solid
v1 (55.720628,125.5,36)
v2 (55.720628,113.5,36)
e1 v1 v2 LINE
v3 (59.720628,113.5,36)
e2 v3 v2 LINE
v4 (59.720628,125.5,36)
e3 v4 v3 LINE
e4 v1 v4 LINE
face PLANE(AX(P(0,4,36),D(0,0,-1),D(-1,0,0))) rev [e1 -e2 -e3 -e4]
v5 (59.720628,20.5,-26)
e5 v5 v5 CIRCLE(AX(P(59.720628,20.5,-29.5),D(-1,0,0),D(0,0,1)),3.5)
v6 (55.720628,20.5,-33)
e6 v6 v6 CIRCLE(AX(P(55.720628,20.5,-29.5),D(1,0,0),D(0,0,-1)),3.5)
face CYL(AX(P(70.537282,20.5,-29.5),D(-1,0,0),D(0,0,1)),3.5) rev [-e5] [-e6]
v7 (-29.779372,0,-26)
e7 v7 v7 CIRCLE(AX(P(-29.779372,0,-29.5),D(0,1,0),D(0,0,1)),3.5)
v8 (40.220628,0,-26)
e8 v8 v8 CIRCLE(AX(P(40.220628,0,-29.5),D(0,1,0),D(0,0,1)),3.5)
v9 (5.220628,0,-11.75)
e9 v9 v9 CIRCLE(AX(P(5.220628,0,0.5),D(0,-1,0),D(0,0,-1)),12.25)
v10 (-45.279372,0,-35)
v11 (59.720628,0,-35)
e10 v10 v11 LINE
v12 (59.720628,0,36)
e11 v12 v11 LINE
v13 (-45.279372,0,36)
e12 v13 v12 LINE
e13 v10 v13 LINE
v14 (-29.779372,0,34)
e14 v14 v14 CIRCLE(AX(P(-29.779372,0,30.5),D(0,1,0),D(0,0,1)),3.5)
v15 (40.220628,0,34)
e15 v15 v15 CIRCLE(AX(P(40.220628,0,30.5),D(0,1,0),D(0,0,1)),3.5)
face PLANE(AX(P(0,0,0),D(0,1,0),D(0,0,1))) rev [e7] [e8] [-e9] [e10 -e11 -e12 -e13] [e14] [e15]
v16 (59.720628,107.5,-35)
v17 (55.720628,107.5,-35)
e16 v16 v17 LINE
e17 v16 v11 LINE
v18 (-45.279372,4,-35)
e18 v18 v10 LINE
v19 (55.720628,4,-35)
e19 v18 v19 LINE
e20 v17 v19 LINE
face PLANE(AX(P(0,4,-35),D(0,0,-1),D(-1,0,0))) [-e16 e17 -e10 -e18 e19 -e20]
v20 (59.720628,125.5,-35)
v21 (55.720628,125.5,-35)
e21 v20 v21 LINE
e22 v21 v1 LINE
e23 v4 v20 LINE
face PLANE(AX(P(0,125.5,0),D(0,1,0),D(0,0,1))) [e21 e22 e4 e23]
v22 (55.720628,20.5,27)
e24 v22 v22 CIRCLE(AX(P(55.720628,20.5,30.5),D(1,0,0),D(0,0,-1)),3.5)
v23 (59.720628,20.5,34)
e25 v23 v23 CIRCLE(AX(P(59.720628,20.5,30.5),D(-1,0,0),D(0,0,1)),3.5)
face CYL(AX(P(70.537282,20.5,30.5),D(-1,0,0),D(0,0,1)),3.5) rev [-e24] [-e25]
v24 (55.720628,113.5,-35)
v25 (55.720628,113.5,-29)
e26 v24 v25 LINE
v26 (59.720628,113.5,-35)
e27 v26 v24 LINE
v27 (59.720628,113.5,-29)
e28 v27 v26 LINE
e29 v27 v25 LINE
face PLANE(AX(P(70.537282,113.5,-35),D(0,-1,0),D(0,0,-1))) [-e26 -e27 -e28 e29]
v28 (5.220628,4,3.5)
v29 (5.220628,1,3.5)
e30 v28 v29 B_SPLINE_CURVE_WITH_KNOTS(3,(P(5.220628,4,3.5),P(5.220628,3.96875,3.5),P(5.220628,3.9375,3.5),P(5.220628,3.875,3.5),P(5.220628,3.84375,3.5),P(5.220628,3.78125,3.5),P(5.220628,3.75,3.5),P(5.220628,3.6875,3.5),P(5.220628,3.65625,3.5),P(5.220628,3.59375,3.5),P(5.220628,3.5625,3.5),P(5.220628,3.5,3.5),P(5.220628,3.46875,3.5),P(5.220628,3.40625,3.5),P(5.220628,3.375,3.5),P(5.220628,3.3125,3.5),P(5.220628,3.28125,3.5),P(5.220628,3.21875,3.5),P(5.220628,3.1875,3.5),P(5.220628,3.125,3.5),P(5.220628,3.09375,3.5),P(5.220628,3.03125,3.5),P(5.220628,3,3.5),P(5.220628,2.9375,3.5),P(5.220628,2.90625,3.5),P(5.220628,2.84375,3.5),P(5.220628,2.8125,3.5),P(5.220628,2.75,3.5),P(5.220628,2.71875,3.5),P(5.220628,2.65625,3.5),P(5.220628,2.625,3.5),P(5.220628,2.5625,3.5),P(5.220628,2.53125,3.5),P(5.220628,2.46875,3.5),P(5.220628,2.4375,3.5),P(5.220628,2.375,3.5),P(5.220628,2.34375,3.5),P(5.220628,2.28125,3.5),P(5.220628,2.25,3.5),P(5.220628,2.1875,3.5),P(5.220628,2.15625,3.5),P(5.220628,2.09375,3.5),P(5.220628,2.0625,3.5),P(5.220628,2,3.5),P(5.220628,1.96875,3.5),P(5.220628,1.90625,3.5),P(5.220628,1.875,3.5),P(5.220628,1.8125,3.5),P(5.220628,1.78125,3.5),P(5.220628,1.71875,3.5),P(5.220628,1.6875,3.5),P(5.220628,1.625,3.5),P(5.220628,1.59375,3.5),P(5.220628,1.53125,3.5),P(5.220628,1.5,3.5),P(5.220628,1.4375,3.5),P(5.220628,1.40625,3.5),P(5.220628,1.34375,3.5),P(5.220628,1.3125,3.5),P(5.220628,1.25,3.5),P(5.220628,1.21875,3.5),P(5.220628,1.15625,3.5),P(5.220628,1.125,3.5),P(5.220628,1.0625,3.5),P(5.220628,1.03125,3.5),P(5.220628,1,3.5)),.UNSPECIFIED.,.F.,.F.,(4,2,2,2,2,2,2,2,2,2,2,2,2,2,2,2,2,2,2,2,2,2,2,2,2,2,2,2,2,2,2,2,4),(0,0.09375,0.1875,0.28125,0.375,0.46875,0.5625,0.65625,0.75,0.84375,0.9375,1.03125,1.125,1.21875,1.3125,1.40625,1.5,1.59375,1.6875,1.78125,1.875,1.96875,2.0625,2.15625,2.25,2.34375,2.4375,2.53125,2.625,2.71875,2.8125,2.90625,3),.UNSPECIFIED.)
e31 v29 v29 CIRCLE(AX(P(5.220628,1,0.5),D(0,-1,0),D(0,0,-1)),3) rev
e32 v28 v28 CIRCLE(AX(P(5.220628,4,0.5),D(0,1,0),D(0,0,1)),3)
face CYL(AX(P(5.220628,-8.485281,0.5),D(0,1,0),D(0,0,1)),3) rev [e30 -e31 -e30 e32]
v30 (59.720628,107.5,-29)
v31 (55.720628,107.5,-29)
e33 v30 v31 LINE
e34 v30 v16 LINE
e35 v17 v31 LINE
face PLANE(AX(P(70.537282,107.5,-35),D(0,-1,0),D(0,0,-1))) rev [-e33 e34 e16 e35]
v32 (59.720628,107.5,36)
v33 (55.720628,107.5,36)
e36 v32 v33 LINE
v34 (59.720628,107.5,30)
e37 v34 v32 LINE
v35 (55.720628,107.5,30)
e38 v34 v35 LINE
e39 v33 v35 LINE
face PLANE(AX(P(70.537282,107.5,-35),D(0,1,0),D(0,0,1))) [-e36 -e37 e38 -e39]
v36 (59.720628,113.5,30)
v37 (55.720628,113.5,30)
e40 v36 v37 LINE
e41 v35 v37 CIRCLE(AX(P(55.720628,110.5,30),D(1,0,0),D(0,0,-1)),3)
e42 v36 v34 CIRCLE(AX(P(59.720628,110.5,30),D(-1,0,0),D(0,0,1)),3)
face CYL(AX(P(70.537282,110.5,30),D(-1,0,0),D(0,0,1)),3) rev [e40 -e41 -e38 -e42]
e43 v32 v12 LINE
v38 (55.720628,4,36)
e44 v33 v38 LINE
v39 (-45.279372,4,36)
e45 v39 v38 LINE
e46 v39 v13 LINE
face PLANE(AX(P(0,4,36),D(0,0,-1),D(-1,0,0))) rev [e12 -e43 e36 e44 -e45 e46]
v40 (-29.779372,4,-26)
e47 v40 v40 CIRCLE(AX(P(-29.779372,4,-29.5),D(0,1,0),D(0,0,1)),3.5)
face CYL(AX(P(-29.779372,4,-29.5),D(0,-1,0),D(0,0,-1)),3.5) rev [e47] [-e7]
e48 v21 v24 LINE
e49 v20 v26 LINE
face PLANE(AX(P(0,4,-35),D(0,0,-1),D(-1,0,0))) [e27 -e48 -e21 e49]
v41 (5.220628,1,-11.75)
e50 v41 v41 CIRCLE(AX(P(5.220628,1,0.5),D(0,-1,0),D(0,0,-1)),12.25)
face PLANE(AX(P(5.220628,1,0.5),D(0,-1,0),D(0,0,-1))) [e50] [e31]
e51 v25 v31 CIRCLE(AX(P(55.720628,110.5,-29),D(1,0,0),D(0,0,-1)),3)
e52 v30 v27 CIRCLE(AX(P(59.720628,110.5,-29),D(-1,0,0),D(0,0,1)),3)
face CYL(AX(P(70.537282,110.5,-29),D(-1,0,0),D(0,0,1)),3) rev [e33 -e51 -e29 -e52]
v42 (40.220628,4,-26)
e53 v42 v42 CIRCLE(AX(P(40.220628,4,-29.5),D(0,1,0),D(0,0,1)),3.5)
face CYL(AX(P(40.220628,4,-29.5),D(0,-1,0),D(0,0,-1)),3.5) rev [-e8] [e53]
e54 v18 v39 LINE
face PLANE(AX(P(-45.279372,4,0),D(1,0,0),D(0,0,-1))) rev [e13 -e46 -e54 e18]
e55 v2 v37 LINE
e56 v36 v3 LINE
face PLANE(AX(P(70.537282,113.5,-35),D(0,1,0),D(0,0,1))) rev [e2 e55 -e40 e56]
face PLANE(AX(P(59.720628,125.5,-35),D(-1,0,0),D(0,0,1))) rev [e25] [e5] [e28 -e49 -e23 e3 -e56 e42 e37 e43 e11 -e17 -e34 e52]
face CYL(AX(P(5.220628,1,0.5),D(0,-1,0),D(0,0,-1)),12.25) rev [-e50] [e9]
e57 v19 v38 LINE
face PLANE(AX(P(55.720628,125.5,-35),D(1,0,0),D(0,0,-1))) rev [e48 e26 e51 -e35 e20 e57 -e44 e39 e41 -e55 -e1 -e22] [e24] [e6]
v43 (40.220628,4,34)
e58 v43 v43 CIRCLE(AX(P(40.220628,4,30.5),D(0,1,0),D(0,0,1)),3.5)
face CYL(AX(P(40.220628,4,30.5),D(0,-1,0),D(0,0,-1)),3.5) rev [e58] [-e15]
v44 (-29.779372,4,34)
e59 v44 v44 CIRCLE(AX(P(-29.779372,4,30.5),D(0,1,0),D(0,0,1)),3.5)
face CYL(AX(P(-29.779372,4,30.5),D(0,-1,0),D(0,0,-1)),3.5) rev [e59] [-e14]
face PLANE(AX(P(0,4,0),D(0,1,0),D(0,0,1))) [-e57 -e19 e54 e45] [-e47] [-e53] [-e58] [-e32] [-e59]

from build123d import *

# Parameters (mm, degrees)
SALIENTE_EXTRUIR1_DEPTH = 4
CROQUIS2_W              = 4
CROQUIS2_H              = 71
SALIENTE_EXTRUIR2_DEPTH = 125.5
CORTAR_EXTRUIR2_START   = 55.720628
CROQUIS3_R              = 3.5
CORTAR_EXTRUIR2_DEPTH   = 59.720627748
CROQUIS4_R              = 3
CORTAR_EXTRUIR3_DEPTH   = 4
CROQUIS5_R              = 12.25
CORTAR_EXTRUIR4_DEPTH   = 1


with BuildPart() as part:
    # Croquis1 → Saliente-Extruir1 (new body)
    with BuildSketch(Plane(origin=(0, 0, 0), x_dir=(1, 0, 0), z_dir=(0, 1, 0))):
        with BuildLine():
            Line((-29.779372252, -36), (40.220627748, -36))
            Line((40.220627748, -36), (40.220627748, -34))
            ThreePointArc((40.220627748, -34), (37.745754014, -28.025126266), (43.720627748, -30.5))
            Line((43.720627748, -30.5), (55.720627748, -30.5))
            Line((55.720627748, -30.5), (55.720627748, 29.5))
            Line((55.720627748, 29.5), (43.720627748, 29.5))
            ThreePointArc((43.720627748, 29.5), (37.745754014, 27.025126266), (40.220627748, 33))
            Line((40.220627748, 33), (40.220627748, 35))
            Line((40.220627748, 35), (-29.779372252, 35))
            Line((-29.779372252, 35), (-29.779372252, 33))
            ThreePointArc((-29.779372252, 33), (-27.304498518, 31.974873734), (-26.279372252, 29.5))
            ThreePointArc((-26.279372252, 29.5), (-29.779372252, 26), (-33.279372252, 29.5))
            Line((-33.279372252, 29.5), (-45.279372252, 29.5))
            Line((-45.279372252, 29.5), (-45.279372252, -30.5))
            Line((-45.279372252, -30.5), (-33.279372252, -30.5))
            ThreePointArc((-33.279372252, -30.5), (-29.779372252, -27), (-26.279372252, -30.5))
            ThreePointArc((-26.279372252, -30.5), (-27.304498518, -32.974873734), (-29.779372252, -34))
            Line((-29.779372252, -34), (-29.779372252, -36))
        make_face()
        with BuildLine():
            Line((-45.279372252, -36), (-29.779372252, -36))
            Line((-29.779372252, -36), (-29.779372252, -34))
            ThreePointArc((-29.779372252, -34), (-32.254245986, -32.974873734), (-33.279372252, -30.5))
            Line((-33.279372252, -30.5), (-45.279372252, -30.5))
            Line((-45.279372252, -30.5), (-45.279372252, -36))
        make_face()
        with BuildLine():
            Line((40.220627748, -34), (40.220627748, -36))
            Line((40.220627748, -36), (55.720627748, -36))
            Line((55.720627748, -36), (55.720627748, -30.5))
            Line((55.720627748, -30.5), (43.720627748, -30.5))
            ThreePointArc((43.720627748, -30.5), (42.695501482, -32.974873734), (40.220627748, -34))
        make_face()
        with BuildLine():
            Line((43.720627748, 29.5), (55.720627748, 29.5))
            Line((55.720627748, 29.5), (55.720627748, 35))
            Line((55.720627748, 35), (40.220627748, 35))
            Line((40.220627748, 35), (40.220627748, 33))
            ThreePointArc((40.220627748, 33), (42.695501482, 31.974873734), (43.720627748, 29.5))
        make_face()
        with BuildLine():
            Line((-45.279372252, 35), (-45.279372252, 29.5))
            Line((-45.279372252, 29.5), (-33.279372252, 29.5))
            ThreePointArc((-33.279372252, 29.5), (-32.254245986, 31.974873734), (-29.779372252, 33))
            Line((-29.779372252, 33), (-29.779372252, 35))
            Line((-29.779372252, 35), (-45.279372252, 35))
        make_face()
    extrude(amount=SALIENTE_EXTRUIR1_DEPTH)

    # Croquis2 → Saliente-Extruir2 (add)
    with BuildSketch(Plane(origin=(0, 0, 0), x_dir=(1, 0, 0), z_dir=(0, 1, 0))):
        with Locations((57.720627748, -0.5)):
            Rectangle(CROQUIS2_W, CROQUIS2_H)
    extrude(amount=SALIENTE_EXTRUIR2_DEPTH)

    # Croquis3 → Cortar-Extruir2 (cut)
    with BuildSketch(Plane(origin=(0, 0, 0), x_dir=(0, 0, -1), z_dir=(1, 0, 0)).offset(CORTAR_EXTRUIR2_START)):
        with BuildLine():
            ThreePointArc((29, 113.5), (26.878679656, 112.621320344), (26, 110.5))
            Line((26, 110.5), (35, 110.5))
            Line((35, 110.5), (35, 113.5))
            Line((35, 113.5), (29, 113.5))
        make_face()
        with BuildLine():
            ThreePointArc((26, 110.5), (26.878679656, 108.378679656), (29, 107.5))
            Line((29, 107.5), (35, 107.5))
            Line((35, 107.5), (35, 110.5))
            Line((35, 110.5), (26, 110.5))
        make_face()
        with BuildLine():
            Line((-36, 110.5), (-27, 110.5))
            ThreePointArc((-27, 110.5), (-27.878679656, 112.621320344), (-30, 113.5))
            Line((-30, 113.5), (-36, 113.5))
            Line((-36, 113.5), (-36, 110.5))
        make_face()
        with BuildLine():
            ThreePointArc((-30, 107.5), (-27.878679656, 108.378679656), (-27, 110.5))
            Line((-27, 110.5), (-36, 110.5))
            Line((-36, 110.5), (-36, 107.5))
            Line((-36, 107.5), (-30, 107.5))
        make_face()
        with Locations(Location((29.5, 20.5, 0), (0, 0, 180))):
            Circle(CROQUIS3_R)
        with Locations(Location((-30.5, 20.5, 0), (0, 0, 180))):
            Circle(CROQUIS3_R)
    extrude(amount=CORTAR_EXTRUIR2_DEPTH, mode=Mode.SUBTRACT)

    # Croquis4 → Cortar-Extruir3 (cut)
    with BuildSketch(Plane(origin=(0, 4, 0), x_dir=(1, 0, 0), z_dir=(0, 1, 0))):
        with Locations(Location((5.220627748, -0.5, 0), (0, 0, 270))):
            Circle(CROQUIS4_R)
    extrude(amount=-CORTAR_EXTRUIR3_DEPTH, mode=Mode.SUBTRACT)

    # Croquis5 → Cortar-Extruir4 (cut)
    with BuildSketch(Plane.XZ):
        with Locations(Location((5.220627748, 0.5, 0), (0, 0, 270))):
            Circle(CROQUIS5_R)
    extrude(amount=-CORTAR_EXTRUIR4_DEPTH, mode=Mode.SUBTRACT)


solid = part.part
